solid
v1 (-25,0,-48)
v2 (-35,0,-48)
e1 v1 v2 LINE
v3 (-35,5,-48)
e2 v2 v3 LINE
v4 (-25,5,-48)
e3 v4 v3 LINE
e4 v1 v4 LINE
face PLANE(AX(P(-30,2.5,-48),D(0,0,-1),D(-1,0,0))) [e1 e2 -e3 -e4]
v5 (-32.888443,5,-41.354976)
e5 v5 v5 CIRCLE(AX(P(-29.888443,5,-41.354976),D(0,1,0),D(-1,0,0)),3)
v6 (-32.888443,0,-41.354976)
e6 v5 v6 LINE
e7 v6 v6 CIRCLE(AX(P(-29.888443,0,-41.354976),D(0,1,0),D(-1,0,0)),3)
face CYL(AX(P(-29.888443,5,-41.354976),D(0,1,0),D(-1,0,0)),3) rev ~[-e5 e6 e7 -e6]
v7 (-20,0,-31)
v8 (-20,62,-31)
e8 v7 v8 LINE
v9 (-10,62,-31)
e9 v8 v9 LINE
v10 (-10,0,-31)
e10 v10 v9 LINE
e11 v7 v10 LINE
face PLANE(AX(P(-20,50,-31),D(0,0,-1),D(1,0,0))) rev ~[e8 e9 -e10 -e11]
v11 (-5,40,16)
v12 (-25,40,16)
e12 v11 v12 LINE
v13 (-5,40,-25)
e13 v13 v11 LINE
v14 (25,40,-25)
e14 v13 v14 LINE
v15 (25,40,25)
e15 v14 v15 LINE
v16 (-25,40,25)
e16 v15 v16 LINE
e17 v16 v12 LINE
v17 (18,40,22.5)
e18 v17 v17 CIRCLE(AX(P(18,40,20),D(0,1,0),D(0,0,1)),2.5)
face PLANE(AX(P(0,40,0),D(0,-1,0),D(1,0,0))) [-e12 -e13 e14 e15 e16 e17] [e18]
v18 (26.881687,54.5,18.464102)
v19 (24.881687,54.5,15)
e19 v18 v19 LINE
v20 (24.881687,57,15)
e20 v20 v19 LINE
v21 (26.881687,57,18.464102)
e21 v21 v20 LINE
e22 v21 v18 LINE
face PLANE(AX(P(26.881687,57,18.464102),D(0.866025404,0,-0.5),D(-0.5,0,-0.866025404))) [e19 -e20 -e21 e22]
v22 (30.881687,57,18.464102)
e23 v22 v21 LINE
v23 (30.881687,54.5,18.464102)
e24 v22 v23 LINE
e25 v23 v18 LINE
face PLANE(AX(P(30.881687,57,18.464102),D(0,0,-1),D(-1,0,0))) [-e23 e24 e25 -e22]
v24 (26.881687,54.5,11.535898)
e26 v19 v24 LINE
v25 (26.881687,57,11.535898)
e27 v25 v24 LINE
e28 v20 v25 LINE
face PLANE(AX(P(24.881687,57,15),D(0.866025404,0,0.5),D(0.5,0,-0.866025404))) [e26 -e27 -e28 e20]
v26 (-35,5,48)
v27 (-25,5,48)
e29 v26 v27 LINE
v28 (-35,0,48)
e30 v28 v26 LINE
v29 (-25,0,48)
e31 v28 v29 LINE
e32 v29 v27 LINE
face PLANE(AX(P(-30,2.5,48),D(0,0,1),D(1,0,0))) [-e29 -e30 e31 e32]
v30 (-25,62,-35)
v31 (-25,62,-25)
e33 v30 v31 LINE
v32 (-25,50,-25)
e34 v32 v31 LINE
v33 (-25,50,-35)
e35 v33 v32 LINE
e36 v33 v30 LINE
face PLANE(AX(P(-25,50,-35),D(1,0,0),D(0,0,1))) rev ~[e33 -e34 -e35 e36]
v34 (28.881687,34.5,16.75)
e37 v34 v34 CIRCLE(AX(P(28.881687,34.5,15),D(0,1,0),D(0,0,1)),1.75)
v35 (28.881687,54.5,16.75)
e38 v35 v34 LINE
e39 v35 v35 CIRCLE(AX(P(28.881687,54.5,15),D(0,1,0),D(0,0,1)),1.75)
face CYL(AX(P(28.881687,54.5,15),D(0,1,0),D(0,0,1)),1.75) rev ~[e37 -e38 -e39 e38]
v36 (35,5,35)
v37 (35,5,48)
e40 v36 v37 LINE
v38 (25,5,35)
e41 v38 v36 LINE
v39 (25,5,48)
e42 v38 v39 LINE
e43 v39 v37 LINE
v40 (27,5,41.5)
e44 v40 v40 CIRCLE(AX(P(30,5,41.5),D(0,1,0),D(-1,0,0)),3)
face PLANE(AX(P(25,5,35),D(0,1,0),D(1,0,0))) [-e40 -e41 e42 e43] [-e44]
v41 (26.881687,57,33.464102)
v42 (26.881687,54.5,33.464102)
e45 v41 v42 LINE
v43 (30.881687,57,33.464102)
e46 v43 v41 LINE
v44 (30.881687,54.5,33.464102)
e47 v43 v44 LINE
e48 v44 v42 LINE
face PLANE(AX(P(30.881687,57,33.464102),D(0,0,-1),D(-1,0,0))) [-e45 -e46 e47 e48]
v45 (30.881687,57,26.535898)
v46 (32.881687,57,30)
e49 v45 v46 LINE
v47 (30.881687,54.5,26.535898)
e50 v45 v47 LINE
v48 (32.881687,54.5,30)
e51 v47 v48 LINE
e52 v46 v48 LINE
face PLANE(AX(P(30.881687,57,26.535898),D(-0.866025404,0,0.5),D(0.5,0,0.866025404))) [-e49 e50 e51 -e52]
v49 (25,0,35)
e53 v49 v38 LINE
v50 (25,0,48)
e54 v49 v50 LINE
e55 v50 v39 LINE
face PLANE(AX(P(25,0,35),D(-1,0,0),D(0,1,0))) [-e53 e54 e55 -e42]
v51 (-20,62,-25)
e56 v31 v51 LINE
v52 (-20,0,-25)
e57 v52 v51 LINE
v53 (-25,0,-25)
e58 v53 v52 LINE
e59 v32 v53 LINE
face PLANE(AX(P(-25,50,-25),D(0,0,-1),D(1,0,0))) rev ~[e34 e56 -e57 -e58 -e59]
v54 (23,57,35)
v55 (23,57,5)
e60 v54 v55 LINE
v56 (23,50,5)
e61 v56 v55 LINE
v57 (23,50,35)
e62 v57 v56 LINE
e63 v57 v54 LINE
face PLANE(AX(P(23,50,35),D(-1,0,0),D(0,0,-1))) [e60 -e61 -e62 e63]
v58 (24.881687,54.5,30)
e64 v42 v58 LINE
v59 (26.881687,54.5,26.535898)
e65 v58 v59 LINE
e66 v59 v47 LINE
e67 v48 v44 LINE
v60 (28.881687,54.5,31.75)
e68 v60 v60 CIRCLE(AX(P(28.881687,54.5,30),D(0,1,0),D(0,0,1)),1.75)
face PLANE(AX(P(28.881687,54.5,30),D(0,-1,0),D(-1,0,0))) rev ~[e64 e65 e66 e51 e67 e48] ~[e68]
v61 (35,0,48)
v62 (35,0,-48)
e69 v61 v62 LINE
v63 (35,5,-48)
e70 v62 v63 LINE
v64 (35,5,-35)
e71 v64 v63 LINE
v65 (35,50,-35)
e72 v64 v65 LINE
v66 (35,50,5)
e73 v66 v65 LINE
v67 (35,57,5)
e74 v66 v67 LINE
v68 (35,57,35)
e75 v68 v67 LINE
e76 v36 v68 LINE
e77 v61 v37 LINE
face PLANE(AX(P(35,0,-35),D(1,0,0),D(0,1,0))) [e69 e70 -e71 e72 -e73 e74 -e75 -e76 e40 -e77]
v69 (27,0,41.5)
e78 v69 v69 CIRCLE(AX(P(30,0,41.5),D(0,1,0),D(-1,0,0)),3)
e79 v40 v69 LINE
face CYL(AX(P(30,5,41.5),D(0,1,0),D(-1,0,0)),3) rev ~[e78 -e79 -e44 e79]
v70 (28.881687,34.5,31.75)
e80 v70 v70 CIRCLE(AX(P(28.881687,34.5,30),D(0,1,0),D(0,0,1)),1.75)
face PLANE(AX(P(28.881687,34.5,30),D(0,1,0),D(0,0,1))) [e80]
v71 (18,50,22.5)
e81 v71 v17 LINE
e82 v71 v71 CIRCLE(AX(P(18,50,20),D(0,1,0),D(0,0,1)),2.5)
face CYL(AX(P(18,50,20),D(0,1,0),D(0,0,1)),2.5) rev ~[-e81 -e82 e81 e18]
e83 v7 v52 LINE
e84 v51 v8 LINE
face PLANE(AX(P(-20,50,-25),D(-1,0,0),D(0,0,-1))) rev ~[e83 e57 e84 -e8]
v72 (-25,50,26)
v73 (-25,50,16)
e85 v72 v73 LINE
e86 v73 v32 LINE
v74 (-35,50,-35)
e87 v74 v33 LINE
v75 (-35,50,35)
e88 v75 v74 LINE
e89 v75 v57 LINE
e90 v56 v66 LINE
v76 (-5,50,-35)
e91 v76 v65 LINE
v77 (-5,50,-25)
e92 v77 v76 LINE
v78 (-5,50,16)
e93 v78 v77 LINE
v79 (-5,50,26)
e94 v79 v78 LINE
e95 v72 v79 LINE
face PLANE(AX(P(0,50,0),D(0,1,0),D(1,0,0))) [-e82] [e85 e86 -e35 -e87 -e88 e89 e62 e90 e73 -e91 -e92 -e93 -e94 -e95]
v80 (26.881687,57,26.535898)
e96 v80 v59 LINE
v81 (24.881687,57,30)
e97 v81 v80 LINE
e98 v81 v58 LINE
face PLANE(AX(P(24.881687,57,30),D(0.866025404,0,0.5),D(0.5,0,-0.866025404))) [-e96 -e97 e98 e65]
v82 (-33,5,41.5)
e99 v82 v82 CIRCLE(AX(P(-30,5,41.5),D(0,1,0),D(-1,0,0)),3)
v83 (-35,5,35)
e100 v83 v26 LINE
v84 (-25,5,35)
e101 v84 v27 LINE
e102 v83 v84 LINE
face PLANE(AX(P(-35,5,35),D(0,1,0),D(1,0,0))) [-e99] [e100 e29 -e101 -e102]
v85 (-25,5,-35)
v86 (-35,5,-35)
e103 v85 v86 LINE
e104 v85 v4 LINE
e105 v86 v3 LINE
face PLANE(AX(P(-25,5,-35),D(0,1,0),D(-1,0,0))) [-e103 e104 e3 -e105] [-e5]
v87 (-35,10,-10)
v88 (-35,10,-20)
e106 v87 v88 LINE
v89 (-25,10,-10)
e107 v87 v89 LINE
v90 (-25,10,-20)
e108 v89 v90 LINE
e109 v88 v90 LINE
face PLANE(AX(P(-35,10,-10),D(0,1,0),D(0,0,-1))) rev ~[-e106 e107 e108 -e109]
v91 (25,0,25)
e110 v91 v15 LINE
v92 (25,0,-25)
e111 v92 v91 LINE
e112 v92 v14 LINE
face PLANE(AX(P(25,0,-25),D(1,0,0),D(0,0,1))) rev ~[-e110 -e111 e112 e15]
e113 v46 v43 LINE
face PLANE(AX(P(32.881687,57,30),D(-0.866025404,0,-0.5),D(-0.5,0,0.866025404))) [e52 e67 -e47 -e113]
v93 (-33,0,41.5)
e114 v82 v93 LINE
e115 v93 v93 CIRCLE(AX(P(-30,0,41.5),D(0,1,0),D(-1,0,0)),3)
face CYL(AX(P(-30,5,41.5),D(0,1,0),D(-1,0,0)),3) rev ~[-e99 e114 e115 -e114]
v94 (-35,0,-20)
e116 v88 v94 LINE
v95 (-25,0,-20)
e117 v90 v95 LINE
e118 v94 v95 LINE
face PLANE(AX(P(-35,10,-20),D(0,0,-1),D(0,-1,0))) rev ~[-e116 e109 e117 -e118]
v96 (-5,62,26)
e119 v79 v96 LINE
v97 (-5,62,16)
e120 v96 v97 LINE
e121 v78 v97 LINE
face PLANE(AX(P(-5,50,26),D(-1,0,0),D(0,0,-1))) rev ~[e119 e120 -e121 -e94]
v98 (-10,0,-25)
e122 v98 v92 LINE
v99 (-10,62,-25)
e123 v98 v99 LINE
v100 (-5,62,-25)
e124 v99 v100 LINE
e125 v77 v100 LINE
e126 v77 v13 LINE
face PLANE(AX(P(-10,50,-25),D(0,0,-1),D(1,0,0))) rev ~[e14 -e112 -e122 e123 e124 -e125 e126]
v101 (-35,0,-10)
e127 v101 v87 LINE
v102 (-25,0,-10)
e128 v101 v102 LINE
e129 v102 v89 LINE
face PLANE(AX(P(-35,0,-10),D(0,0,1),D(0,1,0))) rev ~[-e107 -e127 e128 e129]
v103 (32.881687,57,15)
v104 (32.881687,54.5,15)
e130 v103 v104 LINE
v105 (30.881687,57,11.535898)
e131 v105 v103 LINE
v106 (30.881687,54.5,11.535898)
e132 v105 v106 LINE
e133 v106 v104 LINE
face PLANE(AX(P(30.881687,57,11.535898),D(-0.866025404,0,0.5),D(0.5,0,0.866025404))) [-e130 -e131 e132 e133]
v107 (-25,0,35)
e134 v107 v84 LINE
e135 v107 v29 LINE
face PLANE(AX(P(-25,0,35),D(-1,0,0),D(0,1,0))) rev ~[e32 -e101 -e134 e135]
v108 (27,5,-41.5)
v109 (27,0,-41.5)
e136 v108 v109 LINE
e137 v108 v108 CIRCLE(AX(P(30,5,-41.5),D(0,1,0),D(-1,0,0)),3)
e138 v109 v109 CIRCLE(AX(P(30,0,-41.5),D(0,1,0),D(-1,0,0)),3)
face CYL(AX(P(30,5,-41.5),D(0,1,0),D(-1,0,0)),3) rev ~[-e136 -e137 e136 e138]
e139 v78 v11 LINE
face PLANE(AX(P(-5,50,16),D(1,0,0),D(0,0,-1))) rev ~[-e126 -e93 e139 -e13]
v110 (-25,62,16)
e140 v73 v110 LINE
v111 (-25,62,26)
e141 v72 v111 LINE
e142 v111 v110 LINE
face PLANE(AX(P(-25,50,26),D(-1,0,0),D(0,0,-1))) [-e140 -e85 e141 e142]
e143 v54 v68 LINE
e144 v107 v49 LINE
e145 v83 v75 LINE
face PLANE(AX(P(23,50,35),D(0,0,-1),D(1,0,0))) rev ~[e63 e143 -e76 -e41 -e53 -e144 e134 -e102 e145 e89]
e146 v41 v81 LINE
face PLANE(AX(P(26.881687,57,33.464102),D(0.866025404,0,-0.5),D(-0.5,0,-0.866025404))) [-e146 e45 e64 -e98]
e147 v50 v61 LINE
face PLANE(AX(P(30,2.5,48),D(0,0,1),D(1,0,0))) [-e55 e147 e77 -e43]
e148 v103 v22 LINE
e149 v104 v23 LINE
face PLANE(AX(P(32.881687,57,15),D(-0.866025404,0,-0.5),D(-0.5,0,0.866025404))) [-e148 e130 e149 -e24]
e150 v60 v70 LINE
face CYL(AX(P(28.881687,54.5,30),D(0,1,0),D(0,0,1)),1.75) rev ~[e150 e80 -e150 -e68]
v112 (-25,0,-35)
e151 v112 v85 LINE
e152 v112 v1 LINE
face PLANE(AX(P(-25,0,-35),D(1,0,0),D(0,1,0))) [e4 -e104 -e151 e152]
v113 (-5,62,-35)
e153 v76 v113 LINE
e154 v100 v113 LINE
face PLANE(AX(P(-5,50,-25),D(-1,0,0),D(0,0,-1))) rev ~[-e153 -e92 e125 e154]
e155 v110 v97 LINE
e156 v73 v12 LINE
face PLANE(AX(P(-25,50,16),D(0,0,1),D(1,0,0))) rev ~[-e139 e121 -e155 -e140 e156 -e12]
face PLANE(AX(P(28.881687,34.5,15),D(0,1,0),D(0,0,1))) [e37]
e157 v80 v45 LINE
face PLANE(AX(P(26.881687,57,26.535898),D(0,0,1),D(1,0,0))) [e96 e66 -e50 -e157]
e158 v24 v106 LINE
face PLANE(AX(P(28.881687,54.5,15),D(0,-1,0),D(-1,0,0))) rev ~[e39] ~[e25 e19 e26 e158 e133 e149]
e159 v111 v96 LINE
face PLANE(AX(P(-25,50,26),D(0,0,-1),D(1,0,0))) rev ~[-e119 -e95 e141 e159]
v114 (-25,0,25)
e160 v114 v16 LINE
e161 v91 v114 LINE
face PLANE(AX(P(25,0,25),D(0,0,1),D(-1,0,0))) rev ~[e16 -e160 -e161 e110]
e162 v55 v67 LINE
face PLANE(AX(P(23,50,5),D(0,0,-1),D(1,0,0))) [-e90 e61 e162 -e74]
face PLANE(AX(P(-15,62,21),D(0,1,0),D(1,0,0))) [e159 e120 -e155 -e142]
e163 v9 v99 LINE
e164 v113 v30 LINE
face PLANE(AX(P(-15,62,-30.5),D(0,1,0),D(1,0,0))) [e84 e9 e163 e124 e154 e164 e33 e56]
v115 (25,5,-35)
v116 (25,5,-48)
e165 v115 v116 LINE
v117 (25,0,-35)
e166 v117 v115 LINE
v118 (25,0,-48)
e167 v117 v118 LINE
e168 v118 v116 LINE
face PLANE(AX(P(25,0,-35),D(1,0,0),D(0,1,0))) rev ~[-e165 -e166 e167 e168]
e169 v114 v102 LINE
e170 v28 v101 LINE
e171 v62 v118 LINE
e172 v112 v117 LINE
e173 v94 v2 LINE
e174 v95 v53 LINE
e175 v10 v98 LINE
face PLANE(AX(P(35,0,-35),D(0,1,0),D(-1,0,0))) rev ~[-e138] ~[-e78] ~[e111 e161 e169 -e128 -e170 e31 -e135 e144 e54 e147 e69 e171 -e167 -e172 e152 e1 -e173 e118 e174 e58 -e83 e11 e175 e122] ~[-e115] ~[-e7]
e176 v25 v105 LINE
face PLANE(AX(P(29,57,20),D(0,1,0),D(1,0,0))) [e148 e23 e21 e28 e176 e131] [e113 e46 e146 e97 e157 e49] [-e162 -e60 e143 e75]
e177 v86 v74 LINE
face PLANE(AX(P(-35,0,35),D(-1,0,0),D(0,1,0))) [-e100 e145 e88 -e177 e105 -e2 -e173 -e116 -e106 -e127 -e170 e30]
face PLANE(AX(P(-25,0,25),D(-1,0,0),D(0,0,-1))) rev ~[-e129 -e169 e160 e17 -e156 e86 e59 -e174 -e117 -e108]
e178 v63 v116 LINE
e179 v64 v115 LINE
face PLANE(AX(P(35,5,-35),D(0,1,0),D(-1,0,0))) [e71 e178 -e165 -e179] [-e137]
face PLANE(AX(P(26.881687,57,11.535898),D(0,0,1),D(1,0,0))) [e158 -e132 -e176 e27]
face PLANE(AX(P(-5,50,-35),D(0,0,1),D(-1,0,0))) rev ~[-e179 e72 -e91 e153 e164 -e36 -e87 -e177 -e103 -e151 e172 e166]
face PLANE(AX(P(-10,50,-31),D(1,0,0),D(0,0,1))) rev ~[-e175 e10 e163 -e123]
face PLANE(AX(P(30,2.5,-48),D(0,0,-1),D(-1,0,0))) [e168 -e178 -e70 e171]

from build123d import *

# Parameters (mm, degrees)
SKETCH1_W           = 70
SKETCH1_H           = 70
BOSS_EXTRUDE1_DEPTH = 50
CUT_EXTRUDE1_DEPTH  = 40
SKETCH3_W           = 20
SKETCH3_H           = 41
CUT_EXTRUDE2_DEPTH  = 40
SKETCH4_W           = 12
SKETCH4_H           = 30
BOSS_EXTRUDE2_DEPTH = 7
CUT_EXTRUDE3_DEPTH  = 2.5
SKETCH7_R           = 2.5
CUT_EXTRUDE4_DEPTH  = 52.5
SKETCH10_W          = 10
SKETCH10_H          = 6
CUT_EXTRUDE6_DEPTH  = 55
SKETCH11_W          = 20
SKETCH11_H          = 10
BOSS_EXTRUDE3_DEPTH = 12
SKETCH13_W          = 10
SKETCH13_H          = 5
BOSS_EXTRUDE4_DEPTH = 13
SKETCH14_W          = 10
SKETCH14_H          = 5
BOSS_EXTRUDE5_DEPTH = 13
SKETCH15_R          = 3
CUT_EXTRUDE7_DEPTH  = 33
CUT_EXTRUDE8_DEPTH  = 10
SKETCH18_R          = 1.75
CUT_EXTRUDE9_DEPTH  = 20


with BuildPart() as part:
    # Sketch1 → Boss-Extrude1 (new body)
    with BuildSketch(Plane(origin=(0, 0, 0), x_dir=(1, 0, 0), z_dir=(0, 1, 0))):
        Rectangle(SKETCH1_W, SKETCH1_H)
    extrude(amount=BOSS_EXTRUDE1_DEPTH)

    # Sketch2 → Cut-Extrude1 (cut)
    with BuildSketch(Plane.XZ):
        Polygon((0, 25), (-25, 25), (-25, -25), (25, -25), (25, 25), align=None)
    extrude(amount=-CUT_EXTRUDE1_DEPTH, mode=Mode.SUBTRACT)

    # Sketch3 → Cut-Extrude2 (cut)
    with BuildSketch(Plane(origin=(0, 50, 0), x_dir=(1, 0, 0), z_dir=(0, 1, 0))):
        with Locations((-15, 4.5)):
            Rectangle(SKETCH3_W, SKETCH3_H)
    extrude(amount=-CUT_EXTRUDE2_DEPTH, mode=Mode.SUBTRACT)

    # Sketch4 → Boss-Extrude2 (add)
    with BuildSketch(Plane(origin=(0, 50, 0), x_dir=(1, 0, 0), z_dir=(0, 1, 0))):
        with Locations((29, -20)):
            Rectangle(SKETCH4_W, SKETCH4_H)
    extrude(amount=BOSS_EXTRUDE2_DEPTH)

    # Sketch5 → Cut-Extrude3 (cut)
    with BuildSketch(Plane(origin=(0, 57, 0), x_dir=(1, 0, 0), z_dir=(0, 1, 0))):
        Polygon((32.881686691, -15), (30.881686691, -18.464101615), (26.881686691, -18.464101615), (24.881686691, -15), (26.881686691, -11.535898385), (30.881686691, -11.535898385), align=None)
        Polygon((26.881686691, -33.464101615), (24.881686691, -30), (26.881686691, -26.535898385), (30.881686691, -26.535898385), (32.881686691, -30), (30.881686691, -33.464101615), align=None)
    extrude(amount=-CUT_EXTRUDE3_DEPTH, mode=Mode.SUBTRACT)

    # Sketch7 → Cut-Extrude4 (cut)
    with BuildSketch(Plane(origin=(0, 50, 0), x_dir=(1, 0, 0), z_dir=(0, 1, 0))):
        with Locations(Location((18, -20, 0), (0, 0, 270))):
            Circle(SKETCH7_R)
    extrude(amount=-CUT_EXTRUDE4_DEPTH, mode=Mode.SUBTRACT)

    # Sketch10 → Cut-Extrude6 (cut)
    with BuildSketch(Plane.XZ):
        with Locations((-15, -28)):
            Rectangle(SKETCH10_W, SKETCH10_H)
    extrude(amount=-CUT_EXTRUDE6_DEPTH, mode=Mode.SUBTRACT)

    # Sketch11 → Boss-Extrude3 (add)
    with BuildSketch(Plane(origin=(0, 50, 0), x_dir=(1, 0, 0), z_dir=(0, 1, 0))):
        Polygon((-25, 35), (-25, 25), (-20, 25), (-20, 31), (-10, 31), (-10, 25), (-5, 25), (-5, 35), align=None)
        with Locations((-15, -21)):
            Rectangle(SKETCH11_W, SKETCH11_H)
    extrude(amount=BOSS_EXTRUDE3_DEPTH)

    # Sketch13 → Boss-Extrude4 (add)
    with BuildSketch(Plane.XY.offset(35)):
        with Locations((-30, 2.5)):
            Rectangle(SKETCH13_W, SKETCH13_H)
        with Locations((30, 2.5)):
            Rectangle(SKETCH13_W, SKETCH13_H)
    extrude(amount=BOSS_EXTRUDE4_DEPTH)

    # Sketch14 → Boss-Extrude5 (add)
    with BuildSketch(Plane(origin=(0, 0, -35), x_dir=(-1, 0, 0), z_dir=(0, 0, -1))):
        with Locations((-30, 2.5)):
            Rectangle(SKETCH14_W, SKETCH14_H)
        with Locations((30, 2.5)):
            Rectangle(SKETCH14_W, SKETCH14_H)
    extrude(amount=BOSS_EXTRUDE5_DEPTH)

    # Sketch15 → Cut-Extrude7 (cut)
    with BuildSketch(Plane(origin=(0, 5, 0), x_dir=(1, 0, 0), z_dir=(0, 1, 0))):
        with Locations(Location((-29.888443239, 41.354976211, 0), (0, 0, 180))):
            Circle(SKETCH15_R)
        with Locations(Location((-30, -41.5, 0), (0, 0, 180))):
            Circle(SKETCH15_R)
        with Locations(Location((30, -41.5, 0), (0, 0, 180))):
            Circle(SKETCH15_R)
        with Locations(Location((30, 41.5, 0), (0, 0, 180))):
            Circle(SKETCH15_R)
    extrude(amount=-CUT_EXTRUDE7_DEPTH, mode=Mode.SUBTRACT)

    # Sketch16 → Cut-Extrude8 (cut)
    with BuildSketch(Plane.ZY.offset(35)):
        Polygon((-10, 0), (-10, 10), (-15, 10), (-20, 10), (-20, 0), align=None)
    extrude(amount=-CUT_EXTRUDE8_DEPTH, mode=Mode.SUBTRACT)

    # Sketch18 → Cut-Extrude9 (cut)
    with BuildSketch(Plane(origin=(0, 54.5, 0), x_dir=(1, 0, 0), z_dir=(0, 1, 0))):
        with Locations(Location((28.881686691, -15, 0), (0, 0, 270))):
            Circle(SKETCH18_R)
        with Locations(Location((28.881686691, -30, 0), (0, 0, 270))):
            Circle(SKETCH18_R)
    extrude(amount=-CUT_EXTRUDE9_DEPTH, mode=Mode.SUBTRACT)


solid = part.part
